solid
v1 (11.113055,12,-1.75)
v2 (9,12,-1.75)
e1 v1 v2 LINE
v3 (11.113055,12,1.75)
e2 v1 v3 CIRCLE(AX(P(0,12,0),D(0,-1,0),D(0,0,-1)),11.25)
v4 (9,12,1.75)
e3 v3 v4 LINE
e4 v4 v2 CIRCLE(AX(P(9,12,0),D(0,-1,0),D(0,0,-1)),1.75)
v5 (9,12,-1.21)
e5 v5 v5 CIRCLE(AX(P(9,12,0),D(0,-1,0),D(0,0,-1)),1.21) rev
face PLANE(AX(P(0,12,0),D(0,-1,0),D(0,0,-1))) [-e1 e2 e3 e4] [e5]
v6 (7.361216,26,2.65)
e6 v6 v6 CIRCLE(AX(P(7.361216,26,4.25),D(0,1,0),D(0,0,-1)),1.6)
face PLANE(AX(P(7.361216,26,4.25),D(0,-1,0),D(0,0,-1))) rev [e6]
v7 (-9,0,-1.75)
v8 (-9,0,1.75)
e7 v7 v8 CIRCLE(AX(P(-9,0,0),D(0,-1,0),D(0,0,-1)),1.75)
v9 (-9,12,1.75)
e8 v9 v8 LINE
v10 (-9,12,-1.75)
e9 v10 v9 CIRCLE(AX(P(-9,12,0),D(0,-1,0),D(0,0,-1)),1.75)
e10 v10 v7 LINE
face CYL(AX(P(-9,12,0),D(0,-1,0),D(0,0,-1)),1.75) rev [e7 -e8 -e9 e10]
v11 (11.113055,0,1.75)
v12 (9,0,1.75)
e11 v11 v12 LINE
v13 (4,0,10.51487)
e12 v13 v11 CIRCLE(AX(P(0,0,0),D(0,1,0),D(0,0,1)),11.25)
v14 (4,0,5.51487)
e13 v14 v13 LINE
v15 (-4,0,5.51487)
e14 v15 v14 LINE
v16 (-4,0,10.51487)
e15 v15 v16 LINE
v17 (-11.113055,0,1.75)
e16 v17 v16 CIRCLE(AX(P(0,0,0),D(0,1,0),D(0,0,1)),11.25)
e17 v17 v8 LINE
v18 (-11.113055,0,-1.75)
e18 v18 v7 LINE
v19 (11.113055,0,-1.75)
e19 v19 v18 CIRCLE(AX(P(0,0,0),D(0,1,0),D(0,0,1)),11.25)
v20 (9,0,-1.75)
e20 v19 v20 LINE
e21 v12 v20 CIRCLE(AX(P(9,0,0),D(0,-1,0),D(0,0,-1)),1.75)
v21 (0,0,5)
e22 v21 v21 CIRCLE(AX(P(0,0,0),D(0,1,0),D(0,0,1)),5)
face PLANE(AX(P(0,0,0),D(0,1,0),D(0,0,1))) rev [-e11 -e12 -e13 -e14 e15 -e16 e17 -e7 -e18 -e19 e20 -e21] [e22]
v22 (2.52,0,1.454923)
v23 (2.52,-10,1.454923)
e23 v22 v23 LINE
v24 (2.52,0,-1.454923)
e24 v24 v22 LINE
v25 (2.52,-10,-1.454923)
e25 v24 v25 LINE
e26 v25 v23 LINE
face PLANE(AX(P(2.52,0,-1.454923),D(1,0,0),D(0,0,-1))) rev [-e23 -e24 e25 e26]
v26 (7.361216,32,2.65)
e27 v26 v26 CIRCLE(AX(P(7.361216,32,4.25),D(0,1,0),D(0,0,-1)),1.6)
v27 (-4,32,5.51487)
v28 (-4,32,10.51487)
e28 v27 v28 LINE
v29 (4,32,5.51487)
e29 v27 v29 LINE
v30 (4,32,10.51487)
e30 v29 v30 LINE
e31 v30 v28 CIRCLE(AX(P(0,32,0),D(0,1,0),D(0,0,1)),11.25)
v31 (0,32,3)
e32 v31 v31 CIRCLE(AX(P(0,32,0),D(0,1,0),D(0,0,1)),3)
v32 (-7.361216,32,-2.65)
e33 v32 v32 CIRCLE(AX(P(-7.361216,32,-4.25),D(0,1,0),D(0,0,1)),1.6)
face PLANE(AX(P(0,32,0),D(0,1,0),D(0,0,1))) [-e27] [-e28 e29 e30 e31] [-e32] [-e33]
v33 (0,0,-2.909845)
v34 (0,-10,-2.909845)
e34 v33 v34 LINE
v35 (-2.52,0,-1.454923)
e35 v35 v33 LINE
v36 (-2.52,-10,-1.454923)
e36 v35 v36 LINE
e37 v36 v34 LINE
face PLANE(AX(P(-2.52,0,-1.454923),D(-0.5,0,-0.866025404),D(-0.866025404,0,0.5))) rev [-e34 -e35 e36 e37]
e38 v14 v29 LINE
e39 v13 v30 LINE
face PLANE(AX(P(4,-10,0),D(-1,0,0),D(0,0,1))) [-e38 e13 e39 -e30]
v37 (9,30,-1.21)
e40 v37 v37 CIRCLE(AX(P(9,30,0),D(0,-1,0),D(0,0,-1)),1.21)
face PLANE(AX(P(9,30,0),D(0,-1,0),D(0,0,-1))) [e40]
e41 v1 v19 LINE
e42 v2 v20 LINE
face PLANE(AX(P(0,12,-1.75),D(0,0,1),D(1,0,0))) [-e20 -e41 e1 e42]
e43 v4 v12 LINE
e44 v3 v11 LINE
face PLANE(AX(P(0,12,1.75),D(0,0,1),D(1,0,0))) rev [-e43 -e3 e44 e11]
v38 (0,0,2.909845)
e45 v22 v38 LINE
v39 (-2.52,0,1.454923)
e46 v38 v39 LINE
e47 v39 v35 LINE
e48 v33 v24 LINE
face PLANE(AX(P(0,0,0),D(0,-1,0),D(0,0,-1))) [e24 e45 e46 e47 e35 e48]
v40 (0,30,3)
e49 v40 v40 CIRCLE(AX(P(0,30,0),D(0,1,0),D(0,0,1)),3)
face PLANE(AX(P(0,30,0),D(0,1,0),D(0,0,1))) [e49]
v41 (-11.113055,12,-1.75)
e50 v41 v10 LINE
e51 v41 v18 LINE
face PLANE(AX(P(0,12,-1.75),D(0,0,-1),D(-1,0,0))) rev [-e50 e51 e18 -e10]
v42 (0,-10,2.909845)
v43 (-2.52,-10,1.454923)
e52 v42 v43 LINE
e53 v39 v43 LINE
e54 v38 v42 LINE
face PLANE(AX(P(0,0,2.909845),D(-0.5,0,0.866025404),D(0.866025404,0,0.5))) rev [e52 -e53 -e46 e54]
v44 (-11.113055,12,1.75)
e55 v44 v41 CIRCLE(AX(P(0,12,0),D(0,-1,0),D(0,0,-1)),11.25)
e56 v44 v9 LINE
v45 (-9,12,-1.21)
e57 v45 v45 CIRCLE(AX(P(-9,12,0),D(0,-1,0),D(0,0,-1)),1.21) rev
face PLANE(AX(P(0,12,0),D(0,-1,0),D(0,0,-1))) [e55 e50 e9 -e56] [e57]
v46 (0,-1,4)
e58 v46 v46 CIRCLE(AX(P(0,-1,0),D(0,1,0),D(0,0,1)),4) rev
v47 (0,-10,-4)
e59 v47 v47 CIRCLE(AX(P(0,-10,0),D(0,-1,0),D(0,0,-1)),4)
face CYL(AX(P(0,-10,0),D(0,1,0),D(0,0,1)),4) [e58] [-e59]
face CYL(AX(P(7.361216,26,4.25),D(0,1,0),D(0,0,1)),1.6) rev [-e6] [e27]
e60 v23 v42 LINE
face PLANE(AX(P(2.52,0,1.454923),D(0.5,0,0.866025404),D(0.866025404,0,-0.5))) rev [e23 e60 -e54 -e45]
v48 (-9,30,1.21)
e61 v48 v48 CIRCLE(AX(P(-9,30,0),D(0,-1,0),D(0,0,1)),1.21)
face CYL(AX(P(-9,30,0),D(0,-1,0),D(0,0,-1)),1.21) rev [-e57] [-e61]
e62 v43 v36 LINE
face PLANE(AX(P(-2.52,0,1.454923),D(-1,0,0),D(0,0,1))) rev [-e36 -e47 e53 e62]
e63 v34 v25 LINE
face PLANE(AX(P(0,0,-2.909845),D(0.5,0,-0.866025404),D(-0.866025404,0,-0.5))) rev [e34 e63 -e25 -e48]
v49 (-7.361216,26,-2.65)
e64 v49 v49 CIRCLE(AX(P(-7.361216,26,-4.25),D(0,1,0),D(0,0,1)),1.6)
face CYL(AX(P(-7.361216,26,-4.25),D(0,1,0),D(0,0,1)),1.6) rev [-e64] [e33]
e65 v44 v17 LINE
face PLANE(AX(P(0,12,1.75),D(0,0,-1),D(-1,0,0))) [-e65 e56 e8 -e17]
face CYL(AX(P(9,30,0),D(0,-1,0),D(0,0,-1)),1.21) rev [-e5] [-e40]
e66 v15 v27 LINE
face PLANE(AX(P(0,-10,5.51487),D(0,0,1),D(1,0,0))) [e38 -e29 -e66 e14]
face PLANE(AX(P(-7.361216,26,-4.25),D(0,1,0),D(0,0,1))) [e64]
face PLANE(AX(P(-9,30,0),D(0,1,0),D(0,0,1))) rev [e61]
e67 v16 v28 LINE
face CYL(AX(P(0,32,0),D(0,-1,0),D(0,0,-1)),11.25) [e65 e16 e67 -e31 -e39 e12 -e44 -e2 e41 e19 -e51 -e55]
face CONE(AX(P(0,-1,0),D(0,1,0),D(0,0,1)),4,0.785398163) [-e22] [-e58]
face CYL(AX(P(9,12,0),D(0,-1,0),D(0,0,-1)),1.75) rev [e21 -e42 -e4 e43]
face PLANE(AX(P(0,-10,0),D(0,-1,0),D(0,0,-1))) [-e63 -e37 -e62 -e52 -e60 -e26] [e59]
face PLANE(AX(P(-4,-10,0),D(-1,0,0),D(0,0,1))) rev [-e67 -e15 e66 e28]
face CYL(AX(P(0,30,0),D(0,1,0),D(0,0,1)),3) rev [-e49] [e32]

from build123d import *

# Parameters (mm, degrees)
SKETCH_1_R          = 11.25
EXTRUDE_1_DEPTH     = 32
SKETCH_3_R          = 1.21
CUT_EXTRUDE_1_DEPTH = 30
SKETCH_4_R          = 4
EXTRUDE_2_DEPTH     = 10
CUT_EXTRUDE_2_DEPTH = 10
CHAMFER_1_SIZE      = 1
SKETCH_6_W          = 8
SKETCH_6_H          = 5
CUT_EXTRUDE_3_DEPTH = 45.912414765
SKETCH_7_R          = 1.6
CUT_EXTRUDE_4_DEPTH = 6
SKETCH_8_R          = 3
CUT_EXTRUDE_5_DEPTH = 2
CUT_EXTRUDE_6_DEPTH = 12


with BuildPart() as part:
    # 草图1 → 凸台-拉伸1 (new body)
    with BuildSketch(Plane(origin=(0, 0, 0), x_dir=(1, 0, 0), z_dir=(0, 1, 0))):
        with Locations(Location((0, 0, 0), (0, 0, 270))):
            Circle(SKETCH_1_R)
    extrude(amount=EXTRUDE_1_DEPTH)

    # 草图3 → 切除-拉伸1 (cut)
    with BuildSketch(Plane.XZ):
        with Locations(Location((9, 0, 0), (0, 0, 270))):
            Circle(SKETCH_3_R)
        with Locations(Location((-9, 0, 0), (0, 0, 90))):
            Circle(SKETCH_3_R)
    extrude(amount=-CUT_EXTRUDE_1_DEPTH, mode=Mode.SUBTRACT)

    # 草图4 → 凸台-拉伸2 (add)
    with BuildSketch(Plane.XZ):
        with Locations(Location((0, 0, 0), (0, 0, 90))):
            Circle(SKETCH_4_R)
    extrude(amount=EXTRUDE_2_DEPTH)

    # 草图5 → 切除-拉伸2 (cut)
    with BuildSketch(Plane.XZ.offset(10)):
        Polygon((0, -2.909845357), (2.52, -1.454922678), (2.52, 1.454922678), (0, 2.909845357), (-2.52, 1.454922678), (-2.52, -1.454922678), align=None)
    extrude(amount=-CUT_EXTRUDE_2_DEPTH, mode=Mode.SUBTRACT)

    # 倒角1
    chamfer_1_edges = [part.edges().sort_by_distance(p)[0] for p in [
        (0, 0, -4),
    ]]
    chamfer(chamfer_1_edges, length=CHAMFER_1_SIZE)

    # 草图6 → 切除-拉伸3 (cut, through all)
    with BuildSketch(Plane(origin=(0, 32, 0), x_dir=(1, 0, 0), z_dir=(0, 1, 0))):
        with Locations((0, -8.014870422)):
            Rectangle(SKETCH_6_W, SKETCH_6_H)
        with BuildLine():
            Line((4, -10.514870422), (-4, -10.514870422))
            ThreePointArc((-4, -10.514870422), (0, -11.25), (4, -10.514870422))
        make_face()
    extrude(amount=-CUT_EXTRUDE_3_DEPTH, mode=Mode.SUBTRACT)

    # 草图7 → 切除-拉伸4 (cut)
    with BuildSketch(Plane(origin=(0, 32, 0), x_dir=(1, 0, 0), z_dir=(0, 1, 0))):
        with Locations(Location((-7.361215932, 4.25, 0), (0, 0, 270))):
            Circle(SKETCH_7_R)
        with Locations(Location((7.361215932, -4.25, 0), (0, 0, 90))):
            Circle(SKETCH_7_R)
    extrude(amount=-CUT_EXTRUDE_4_DEPTH, mode=Mode.SUBTRACT)

    # 草图8 → 切除-拉伸5 (cut)
    with BuildSketch(Plane(origin=(0, 32, 0), x_dir=(1, 0, 0), z_dir=(0, 1, 0))):
        with Locations(Location((0, 0, 0), (0, 0, 270))):
            Circle(SKETCH_8_R)
    extrude(amount=-CUT_EXTRUDE_5_DEPTH, mode=Mode.SUBTRACT)

    # 草图9 → 切除-拉伸6 (cut)
    with BuildSketch(Plane.XZ):
        with BuildLine():
            ThreePointArc((-11.113055385, 1.75), (-11.25, 0), (-11.113055385, -1.75))
            Line((-11.113055385, -1.75), (-9, -1.75))
            ThreePointArc((-9, -1.75), (-10.75, 0), (-9, 1.75))
            Line((-9, 1.75), (-11.113055385, 1.75))
        make_face()
        with BuildLine():
            ThreePointArc((-9, 1.75), (-10.75, 0), (-9, -1.75))
            Line((-9, -1.75), (-9, -1.21))
            ThreePointArc((-9, -1.21), (-10.21, 0), (-9, 1.21))
            Line((-9, 1.21), (-9, 1.75))
        make_face()
        with BuildLine():
            Line((-9, -1.21), (-9, -1.75))
            ThreePointArc((-9, -1.75), (-7.762563133, -1.237436867), (-7.25, 0))
            ThreePointArc((-7.25, 0), (-7.762563133, 1.237436867), (-9, 1.75))
            Line((-9, 1.75), (-9, 1.21))
            ThreePointArc((-9, 1.21), (-8.144400795, 0.855599205), (-7.79, 0))
            ThreePointArc((-7.79, 0), (-8.144400795, -0.855599205), (-9, -1.21))
        make_face()
        with BuildLine():
            ThreePointArc((9, 1.75), (7.25, 0), (9, -1.75))
            Line((9, -1.75), (9, -1.21))
            ThreePointArc((9, -1.21), (7.79, 0), (9, 1.21))
            Line((9, 1.21), (9, 1.75))
        make_face()
        with BuildLine():
            Line((9, -1.21), (9, -1.75))
            ThreePointArc((9, -1.75), (10.237436867, -1.237436867), (10.75, 0))
            ThreePointArc((10.75, 0), (10.237436867, 1.237436867), (9, 1.75))
            Line((9, 1.75), (9, 1.21))
            ThreePointArc((9, 1.21), (9.855599205, 0.855599205), (10.21, 0))
            ThreePointArc((10.21, 0), (9.855599205, -0.855599205), (9, -1.21))
        make_face()
        with BuildLine():
            Line((9, -1.75), (11.113055385, -1.75))
            ThreePointArc((11.113055385, -1.75), (11.25, 0), (11.113055385, 1.75))
            Line((11.113055385, 1.75), (9, 1.75))
            ThreePointArc((9, 1.75), (10.237436867, 1.237436867), (10.75, 0))
            ThreePointArc((10.75, 0), (10.237436867, -1.237436867), (9, -1.75))
        make_face()
    extrude(amount=-CUT_EXTRUDE_6_DEPTH, mode=Mode.SUBTRACT)


solid = part.part
